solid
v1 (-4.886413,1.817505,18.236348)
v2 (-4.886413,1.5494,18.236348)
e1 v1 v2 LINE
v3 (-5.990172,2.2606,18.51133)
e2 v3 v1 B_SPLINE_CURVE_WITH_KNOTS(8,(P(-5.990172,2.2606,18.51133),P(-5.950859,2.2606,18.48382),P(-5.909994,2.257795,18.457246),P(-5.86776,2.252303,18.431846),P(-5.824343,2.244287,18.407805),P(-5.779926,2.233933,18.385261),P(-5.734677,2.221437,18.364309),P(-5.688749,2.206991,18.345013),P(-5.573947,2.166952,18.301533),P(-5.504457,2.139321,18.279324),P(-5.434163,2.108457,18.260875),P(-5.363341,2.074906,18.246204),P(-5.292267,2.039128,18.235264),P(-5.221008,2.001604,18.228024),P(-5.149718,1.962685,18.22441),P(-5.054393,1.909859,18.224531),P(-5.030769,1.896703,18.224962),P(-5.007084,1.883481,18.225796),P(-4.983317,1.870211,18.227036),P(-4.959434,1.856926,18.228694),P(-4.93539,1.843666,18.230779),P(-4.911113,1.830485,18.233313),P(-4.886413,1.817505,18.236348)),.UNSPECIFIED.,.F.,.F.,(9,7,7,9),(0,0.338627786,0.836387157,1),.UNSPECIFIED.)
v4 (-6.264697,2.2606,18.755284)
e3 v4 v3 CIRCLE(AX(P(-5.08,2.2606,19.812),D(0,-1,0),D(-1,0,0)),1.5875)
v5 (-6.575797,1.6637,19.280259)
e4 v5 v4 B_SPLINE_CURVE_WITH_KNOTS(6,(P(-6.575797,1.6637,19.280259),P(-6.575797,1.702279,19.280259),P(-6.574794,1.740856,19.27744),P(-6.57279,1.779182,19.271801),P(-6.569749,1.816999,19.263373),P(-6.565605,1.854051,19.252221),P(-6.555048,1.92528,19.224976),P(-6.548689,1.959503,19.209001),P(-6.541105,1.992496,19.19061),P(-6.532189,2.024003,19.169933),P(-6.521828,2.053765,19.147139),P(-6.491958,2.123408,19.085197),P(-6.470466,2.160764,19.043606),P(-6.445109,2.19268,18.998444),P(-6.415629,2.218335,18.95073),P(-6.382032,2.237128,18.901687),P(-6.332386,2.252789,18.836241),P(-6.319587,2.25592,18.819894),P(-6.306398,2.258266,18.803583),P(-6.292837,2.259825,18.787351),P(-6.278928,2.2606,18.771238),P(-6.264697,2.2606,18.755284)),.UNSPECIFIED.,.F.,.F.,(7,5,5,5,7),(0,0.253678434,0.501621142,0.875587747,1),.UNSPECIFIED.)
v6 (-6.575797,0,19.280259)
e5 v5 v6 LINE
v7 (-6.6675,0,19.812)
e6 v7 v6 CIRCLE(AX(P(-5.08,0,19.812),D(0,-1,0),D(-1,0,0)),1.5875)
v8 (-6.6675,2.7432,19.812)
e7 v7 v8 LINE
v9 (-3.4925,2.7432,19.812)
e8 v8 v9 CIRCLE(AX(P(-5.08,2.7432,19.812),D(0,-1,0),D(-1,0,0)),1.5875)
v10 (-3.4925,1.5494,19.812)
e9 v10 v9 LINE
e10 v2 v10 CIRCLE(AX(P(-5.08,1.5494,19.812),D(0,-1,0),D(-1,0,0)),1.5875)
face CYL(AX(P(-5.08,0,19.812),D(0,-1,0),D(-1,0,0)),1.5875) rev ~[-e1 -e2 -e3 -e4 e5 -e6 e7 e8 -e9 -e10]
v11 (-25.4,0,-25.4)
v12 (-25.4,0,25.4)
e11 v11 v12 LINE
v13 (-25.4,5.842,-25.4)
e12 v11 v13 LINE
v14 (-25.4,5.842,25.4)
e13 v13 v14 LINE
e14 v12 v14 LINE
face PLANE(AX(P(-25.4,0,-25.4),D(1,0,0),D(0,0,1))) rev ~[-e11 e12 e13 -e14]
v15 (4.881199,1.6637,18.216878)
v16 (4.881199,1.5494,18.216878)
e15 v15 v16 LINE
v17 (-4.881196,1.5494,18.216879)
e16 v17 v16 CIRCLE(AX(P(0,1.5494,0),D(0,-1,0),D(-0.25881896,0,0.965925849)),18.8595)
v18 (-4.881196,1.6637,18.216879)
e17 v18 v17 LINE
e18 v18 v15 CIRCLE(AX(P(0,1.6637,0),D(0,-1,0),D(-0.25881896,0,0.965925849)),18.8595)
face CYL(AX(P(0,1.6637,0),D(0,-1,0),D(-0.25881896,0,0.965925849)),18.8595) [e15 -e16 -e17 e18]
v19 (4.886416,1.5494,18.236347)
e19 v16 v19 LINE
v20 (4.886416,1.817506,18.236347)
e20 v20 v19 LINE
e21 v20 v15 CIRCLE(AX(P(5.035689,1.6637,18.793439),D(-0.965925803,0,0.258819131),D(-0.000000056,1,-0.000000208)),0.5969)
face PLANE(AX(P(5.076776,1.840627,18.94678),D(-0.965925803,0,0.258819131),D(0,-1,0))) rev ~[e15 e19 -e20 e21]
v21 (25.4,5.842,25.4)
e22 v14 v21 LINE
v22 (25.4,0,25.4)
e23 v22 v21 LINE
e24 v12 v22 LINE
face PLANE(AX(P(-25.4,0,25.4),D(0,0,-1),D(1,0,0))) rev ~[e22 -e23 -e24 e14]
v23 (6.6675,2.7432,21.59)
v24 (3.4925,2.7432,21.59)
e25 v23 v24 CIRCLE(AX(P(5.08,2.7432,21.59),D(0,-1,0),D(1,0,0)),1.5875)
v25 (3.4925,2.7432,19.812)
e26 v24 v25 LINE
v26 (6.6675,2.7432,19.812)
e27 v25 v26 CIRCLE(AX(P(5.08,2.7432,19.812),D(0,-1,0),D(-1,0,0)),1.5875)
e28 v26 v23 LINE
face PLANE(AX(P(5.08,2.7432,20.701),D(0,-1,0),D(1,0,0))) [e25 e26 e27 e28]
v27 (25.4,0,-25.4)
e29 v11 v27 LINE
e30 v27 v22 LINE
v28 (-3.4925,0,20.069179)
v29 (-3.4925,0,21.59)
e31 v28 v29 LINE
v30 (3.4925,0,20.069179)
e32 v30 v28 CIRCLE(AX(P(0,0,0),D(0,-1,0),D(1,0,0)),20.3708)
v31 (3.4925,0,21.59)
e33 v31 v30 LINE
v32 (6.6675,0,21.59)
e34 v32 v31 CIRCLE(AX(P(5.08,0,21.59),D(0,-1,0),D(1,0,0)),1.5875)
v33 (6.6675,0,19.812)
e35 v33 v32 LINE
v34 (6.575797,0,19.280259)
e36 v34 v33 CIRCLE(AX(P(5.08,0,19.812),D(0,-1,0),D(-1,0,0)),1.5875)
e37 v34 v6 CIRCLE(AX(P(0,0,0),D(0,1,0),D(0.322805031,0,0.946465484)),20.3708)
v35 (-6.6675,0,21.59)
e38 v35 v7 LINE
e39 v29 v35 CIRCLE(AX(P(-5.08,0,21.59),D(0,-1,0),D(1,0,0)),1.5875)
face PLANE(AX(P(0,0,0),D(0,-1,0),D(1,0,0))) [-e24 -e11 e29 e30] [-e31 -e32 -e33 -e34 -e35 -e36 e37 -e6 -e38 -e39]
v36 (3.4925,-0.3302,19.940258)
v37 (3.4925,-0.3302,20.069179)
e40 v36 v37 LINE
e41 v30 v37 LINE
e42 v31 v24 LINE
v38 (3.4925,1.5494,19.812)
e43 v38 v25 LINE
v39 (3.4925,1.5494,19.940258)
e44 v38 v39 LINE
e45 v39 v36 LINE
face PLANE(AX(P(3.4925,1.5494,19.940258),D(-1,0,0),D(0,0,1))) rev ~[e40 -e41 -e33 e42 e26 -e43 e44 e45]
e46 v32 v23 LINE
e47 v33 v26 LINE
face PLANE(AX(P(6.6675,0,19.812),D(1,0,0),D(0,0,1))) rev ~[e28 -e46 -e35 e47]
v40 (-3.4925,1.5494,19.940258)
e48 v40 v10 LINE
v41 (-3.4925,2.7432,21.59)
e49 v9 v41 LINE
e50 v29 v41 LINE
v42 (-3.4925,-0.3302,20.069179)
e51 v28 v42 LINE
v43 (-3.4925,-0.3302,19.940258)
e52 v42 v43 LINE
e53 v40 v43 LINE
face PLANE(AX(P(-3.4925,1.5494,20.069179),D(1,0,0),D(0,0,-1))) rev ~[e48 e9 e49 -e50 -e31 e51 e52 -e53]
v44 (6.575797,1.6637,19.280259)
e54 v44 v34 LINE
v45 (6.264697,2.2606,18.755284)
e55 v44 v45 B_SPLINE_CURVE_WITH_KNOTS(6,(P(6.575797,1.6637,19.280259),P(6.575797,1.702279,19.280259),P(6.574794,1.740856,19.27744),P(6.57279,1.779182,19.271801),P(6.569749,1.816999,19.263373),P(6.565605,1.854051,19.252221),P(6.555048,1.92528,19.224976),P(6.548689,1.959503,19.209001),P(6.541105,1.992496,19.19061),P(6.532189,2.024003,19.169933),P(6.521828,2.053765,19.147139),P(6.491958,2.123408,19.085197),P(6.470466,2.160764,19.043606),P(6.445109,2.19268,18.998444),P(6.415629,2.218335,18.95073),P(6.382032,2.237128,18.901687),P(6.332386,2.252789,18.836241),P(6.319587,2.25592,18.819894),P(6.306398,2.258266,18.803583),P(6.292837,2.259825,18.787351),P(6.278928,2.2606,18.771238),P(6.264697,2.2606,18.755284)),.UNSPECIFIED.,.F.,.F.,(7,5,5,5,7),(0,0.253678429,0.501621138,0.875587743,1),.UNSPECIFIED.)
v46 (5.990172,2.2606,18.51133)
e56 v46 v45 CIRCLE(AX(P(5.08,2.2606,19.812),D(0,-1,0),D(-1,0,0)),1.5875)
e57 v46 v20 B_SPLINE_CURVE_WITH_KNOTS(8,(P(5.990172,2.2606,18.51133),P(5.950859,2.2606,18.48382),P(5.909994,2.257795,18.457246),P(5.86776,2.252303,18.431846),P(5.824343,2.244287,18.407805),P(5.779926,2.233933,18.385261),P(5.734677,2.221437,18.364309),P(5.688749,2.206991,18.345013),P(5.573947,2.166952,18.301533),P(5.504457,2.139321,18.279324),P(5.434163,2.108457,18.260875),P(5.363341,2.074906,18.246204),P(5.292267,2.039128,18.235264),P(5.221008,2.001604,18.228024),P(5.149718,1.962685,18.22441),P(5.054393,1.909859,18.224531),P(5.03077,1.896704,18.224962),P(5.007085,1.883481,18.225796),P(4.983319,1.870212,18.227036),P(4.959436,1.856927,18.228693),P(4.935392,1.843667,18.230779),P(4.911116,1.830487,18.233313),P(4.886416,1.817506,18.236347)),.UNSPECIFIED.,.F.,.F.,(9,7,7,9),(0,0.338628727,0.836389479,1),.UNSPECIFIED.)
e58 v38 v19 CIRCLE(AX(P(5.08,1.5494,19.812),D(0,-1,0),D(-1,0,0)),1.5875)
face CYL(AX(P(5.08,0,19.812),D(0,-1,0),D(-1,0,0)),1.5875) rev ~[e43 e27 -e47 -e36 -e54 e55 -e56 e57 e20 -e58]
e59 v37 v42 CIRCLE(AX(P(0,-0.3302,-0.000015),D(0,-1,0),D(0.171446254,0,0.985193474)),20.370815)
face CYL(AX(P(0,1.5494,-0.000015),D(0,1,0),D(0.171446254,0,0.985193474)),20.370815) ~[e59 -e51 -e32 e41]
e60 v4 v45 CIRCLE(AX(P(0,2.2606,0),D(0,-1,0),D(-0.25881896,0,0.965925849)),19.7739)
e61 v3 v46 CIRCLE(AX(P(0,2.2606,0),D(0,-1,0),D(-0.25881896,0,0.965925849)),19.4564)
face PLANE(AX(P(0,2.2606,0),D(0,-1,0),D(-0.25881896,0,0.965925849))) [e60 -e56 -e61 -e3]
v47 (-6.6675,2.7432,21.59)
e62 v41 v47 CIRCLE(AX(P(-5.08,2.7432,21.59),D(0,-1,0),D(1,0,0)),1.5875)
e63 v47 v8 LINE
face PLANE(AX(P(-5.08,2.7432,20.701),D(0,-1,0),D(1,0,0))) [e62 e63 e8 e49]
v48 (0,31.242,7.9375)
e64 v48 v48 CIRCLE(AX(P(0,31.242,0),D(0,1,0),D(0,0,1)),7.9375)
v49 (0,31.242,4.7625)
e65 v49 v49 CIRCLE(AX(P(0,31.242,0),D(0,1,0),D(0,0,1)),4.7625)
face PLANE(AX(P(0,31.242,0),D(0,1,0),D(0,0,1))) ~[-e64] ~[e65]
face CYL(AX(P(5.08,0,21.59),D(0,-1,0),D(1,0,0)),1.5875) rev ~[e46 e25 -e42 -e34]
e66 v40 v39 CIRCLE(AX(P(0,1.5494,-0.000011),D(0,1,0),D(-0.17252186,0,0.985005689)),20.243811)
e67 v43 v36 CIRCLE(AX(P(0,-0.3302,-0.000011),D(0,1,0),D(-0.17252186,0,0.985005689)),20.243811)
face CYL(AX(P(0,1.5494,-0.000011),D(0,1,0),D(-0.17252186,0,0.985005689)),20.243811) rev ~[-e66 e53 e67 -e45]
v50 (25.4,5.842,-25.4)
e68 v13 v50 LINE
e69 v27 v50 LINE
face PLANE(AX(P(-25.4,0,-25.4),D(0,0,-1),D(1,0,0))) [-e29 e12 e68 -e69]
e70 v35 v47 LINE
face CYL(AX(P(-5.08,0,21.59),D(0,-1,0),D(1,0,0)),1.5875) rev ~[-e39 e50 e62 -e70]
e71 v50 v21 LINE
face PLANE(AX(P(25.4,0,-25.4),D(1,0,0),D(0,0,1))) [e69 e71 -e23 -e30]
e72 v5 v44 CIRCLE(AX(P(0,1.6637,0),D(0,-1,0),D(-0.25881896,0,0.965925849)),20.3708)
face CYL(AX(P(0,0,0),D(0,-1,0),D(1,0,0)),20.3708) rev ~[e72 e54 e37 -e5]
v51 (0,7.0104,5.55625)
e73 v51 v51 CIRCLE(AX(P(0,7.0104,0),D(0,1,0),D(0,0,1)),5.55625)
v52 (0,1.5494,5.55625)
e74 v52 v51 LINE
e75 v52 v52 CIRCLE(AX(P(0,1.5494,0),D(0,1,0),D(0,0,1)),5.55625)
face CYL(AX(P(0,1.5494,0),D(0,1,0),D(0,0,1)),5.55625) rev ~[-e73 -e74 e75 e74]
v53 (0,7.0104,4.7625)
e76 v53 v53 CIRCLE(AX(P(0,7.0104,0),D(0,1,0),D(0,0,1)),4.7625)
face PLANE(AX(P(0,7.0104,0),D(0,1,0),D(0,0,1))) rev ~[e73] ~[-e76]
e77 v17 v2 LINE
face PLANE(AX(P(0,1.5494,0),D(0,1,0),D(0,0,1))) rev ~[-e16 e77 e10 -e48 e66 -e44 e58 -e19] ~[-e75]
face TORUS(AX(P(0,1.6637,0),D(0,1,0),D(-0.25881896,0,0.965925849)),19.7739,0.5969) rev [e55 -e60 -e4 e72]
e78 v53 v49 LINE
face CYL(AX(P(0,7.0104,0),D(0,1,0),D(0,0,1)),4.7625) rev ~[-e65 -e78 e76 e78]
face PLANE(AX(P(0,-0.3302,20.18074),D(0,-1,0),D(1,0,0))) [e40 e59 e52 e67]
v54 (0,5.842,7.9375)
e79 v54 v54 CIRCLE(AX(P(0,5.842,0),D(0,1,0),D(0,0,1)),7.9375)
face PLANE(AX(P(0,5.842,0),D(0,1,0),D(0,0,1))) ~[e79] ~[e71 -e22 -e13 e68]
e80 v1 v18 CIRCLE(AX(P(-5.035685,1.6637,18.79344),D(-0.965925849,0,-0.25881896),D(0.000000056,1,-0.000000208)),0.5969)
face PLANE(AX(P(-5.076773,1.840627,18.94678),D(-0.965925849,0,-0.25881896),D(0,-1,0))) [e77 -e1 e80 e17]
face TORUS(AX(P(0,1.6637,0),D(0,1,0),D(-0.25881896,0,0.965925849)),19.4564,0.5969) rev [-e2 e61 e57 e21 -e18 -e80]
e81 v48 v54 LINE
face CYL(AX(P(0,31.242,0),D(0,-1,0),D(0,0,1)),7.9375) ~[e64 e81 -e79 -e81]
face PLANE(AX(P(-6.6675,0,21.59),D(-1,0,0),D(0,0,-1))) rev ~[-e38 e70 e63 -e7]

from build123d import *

# Parameters (mm, degrees)
F0_W      = 50.8
F0_H      = 50.8
F0_R      = 20.3708
F1_DEPTH  = 5.842
F7_ANGLE  = 330
F9_DEPTH  = 2.7432
F11_DEPTH = 1.8796


with BuildPart() as f1:
    # F0 (on Front) → F1 (new body)
    with BuildSketch(Plane.XZ):
        Rectangle(F0_W, F0_H)
        Circle(F0_R, mode=Mode.SUBTRACT)
    extrude(amount=-F1_DEPTH)

    # F2 (on Right) → F3 (revolve)
    with BuildSketch(Plane.YZ):
        Polygon((7.0104, 4.7625), (31.242, 4.7625), (31.242, 7.9375), (5.842, 7.9375), (5.842, 20.3708), (1.5494, 20.3708), (1.5494, 5.55625), (7.0104, 5.55625), align=None)
    revolve(axis=Axis((0, 6.768076, 0), (0, 1, 0)))

    # F6 (on face) → F7 (revolve, cut)
    with BuildSketch(Plane(origin=(0, 0, 0), x_dir=(0, -1, 0), z_dir=(-0.965926, 0, -0.258819))):
        with BuildLine():
            Line((-1.5494, 20.3708), (-1.6637, 20.3708))
            ThreePointArc((-1.6637, 20.3708), (-2.085772, 20.195972), (-2.2606, 19.7739))
            Line((-2.2606, 19.7739), (-2.2606, 19.4564))
            ThreePointArc((-2.2606, 19.4564), (-2.085772, 19.034328), (-1.6637, 18.8595))
            Line((-1.6637, 18.8595), (-1.5494, 18.8595))
            Line((-1.5494, 18.8595), (-1.5494, 20.3708))
        make_face()
    revolve(axis=Axis((0, -7.841465, 0), (0, -1, 0)), revolution_arc=F7_ANGLE, mode=Mode.SUBTRACT)

    # F8 (on face) → F9 (cut)
    with BuildSketch(Plane.XZ):
        with BuildLine():
            Line((-3.4925, 19.812), (-3.4925, 21.59))
            ThreePointArc((-3.4925, 21.59), (-5.08, 23.1775), (-6.6675, 21.59))
            Line((-6.6675, 21.59), (-6.6675, 19.812))
            ThreePointArc((-6.6675, 19.812), (-5.08, 18.2245), (-3.4925, 19.812))
        make_face()
        with BuildLine():
            Line((3.4925, 21.59), (3.4925, 19.812))
            ThreePointArc((3.4925, 19.812), (5.08, 18.2245), (6.6675, 19.812))
            Line((6.6675, 19.812), (6.6675, 21.59))
            ThreePointArc((6.6675, 21.59), (5.08, 23.1775), (3.4925, 21.59))
        make_face()
    extrude(amount=-F9_DEPTH, mode=Mode.SUBTRACT)

    # F10 (on face) → F11 (join)
    with BuildSketch(Plane.XZ.offset(-1.5494)):
        with BuildLine():
            Line((3.4925, 19.940258), (3.4925, 20.069179))
            ThreePointArc((3.4925, 20.069179), (0, 20.3708), (-3.4925, 20.069179))
            Line((-3.4925, 20.069179), (-3.4925, 19.940258))
            ThreePointArc((-3.4925, 19.940258), (0, 20.2438), (3.4925, 19.940258))
        make_face()
    extrude(amount=F11_DEPTH)


solid = f1.part
